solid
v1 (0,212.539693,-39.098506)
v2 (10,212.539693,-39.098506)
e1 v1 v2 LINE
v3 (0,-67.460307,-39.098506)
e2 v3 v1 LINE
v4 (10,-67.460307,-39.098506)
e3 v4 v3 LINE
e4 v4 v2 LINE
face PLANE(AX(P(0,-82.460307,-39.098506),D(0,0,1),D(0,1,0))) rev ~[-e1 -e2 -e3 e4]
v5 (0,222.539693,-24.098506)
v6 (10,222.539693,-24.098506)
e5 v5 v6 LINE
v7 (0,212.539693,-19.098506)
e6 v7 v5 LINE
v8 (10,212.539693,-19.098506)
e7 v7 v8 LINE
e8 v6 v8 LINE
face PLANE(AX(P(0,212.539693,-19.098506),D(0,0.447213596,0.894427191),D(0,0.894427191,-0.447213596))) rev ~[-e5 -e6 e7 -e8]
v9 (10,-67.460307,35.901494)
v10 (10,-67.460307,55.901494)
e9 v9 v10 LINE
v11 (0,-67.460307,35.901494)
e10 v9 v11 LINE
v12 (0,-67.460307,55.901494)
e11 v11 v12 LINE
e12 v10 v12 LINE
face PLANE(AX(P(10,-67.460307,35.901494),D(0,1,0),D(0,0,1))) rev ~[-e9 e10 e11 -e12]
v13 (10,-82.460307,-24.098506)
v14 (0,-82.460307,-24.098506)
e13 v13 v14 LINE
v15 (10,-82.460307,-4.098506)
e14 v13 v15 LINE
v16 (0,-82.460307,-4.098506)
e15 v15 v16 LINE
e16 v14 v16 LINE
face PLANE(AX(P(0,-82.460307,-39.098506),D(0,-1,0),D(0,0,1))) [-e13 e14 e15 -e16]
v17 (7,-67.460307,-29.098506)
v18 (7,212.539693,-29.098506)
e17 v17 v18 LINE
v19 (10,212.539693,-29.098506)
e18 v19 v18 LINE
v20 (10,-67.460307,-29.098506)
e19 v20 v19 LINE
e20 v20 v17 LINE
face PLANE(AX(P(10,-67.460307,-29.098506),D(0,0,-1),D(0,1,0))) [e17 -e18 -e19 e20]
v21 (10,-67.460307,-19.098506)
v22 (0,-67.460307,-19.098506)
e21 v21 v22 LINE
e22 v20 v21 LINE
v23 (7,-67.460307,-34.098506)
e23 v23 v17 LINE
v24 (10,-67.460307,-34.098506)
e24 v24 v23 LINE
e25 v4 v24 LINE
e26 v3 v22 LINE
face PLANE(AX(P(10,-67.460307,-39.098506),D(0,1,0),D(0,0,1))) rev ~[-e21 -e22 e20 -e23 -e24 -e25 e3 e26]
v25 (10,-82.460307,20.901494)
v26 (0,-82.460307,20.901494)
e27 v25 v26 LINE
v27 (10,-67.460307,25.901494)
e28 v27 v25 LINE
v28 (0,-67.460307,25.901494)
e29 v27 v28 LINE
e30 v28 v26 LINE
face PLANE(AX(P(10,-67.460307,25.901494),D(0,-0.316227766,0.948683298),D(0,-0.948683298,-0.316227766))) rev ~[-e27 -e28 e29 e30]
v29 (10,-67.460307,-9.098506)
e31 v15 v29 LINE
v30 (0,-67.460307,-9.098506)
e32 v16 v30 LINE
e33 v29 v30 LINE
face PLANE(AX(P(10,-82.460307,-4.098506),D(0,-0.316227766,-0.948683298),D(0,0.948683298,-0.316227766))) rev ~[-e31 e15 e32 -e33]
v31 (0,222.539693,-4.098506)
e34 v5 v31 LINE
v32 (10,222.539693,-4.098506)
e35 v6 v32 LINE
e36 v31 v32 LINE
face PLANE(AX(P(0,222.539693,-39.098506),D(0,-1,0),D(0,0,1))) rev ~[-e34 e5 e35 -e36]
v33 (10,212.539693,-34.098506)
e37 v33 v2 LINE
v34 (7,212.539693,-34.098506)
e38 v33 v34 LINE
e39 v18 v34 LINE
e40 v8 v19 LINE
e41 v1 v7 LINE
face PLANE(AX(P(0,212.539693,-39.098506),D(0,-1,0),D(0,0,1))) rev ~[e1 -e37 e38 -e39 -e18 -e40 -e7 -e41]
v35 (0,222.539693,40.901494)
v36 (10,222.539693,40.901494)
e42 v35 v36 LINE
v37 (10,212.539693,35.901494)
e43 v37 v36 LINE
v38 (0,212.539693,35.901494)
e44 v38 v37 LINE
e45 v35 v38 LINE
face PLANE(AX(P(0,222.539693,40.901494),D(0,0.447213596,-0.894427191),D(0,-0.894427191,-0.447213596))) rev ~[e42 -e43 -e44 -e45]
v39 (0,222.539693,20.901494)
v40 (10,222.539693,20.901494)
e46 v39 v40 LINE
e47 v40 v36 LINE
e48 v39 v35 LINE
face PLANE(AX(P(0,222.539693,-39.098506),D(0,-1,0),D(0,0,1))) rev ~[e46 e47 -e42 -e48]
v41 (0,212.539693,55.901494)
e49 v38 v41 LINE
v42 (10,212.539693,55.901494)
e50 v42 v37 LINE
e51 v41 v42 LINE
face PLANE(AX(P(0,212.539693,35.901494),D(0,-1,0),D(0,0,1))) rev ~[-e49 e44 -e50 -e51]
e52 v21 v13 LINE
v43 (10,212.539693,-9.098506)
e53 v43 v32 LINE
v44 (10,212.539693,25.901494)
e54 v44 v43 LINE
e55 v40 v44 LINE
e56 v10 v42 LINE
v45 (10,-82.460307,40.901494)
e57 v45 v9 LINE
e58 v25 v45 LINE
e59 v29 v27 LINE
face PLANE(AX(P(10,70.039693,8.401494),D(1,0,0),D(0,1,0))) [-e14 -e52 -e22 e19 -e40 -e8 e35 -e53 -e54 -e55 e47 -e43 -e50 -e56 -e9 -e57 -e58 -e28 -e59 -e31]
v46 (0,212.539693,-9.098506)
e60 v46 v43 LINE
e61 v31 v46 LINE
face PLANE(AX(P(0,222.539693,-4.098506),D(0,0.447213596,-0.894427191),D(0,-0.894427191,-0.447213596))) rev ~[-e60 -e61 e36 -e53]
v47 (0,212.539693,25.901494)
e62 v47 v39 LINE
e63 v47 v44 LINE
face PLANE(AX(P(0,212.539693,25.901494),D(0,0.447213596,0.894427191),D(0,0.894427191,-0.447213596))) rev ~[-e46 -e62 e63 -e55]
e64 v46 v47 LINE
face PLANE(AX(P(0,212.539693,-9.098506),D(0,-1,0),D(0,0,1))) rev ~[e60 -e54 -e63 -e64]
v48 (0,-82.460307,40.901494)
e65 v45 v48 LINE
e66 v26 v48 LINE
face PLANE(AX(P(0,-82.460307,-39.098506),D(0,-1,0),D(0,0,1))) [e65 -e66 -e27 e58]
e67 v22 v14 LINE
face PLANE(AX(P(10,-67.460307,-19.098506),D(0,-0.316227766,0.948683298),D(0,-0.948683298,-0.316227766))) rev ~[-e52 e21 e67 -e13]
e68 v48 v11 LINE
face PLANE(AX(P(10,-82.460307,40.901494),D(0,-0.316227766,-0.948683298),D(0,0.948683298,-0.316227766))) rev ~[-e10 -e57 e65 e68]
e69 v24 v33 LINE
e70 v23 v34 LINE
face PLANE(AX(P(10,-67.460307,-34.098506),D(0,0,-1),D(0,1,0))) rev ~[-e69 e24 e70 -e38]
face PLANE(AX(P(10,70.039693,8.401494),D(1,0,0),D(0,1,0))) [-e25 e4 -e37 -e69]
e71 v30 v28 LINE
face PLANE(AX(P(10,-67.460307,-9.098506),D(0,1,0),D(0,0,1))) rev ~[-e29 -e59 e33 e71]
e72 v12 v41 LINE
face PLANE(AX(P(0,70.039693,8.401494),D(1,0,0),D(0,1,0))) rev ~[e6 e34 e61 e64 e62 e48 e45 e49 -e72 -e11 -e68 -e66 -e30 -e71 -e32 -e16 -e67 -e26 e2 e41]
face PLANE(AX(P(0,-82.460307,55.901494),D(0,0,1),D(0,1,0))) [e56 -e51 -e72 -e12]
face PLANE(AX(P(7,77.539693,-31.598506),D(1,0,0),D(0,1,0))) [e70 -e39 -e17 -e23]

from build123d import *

# Parameters (mm, degrees)
F0_W     = 305
F0_H     = 95
F1_DEPTH = 10
F3_DEPTH = 25
F4_W     = 290
F4_H     = 5
F5_DEPTH = 3
F7_DEPTH = 25


with BuildPart() as f1:
    # F0 (on Right) → F1 (new body)
    with BuildSketch(Plane.YZ):
        with Locations((70.039693, 8.401494)):
            Rectangle(F0_W, F0_H)
    extrude(amount=F1_DEPTH)

    # F2 (on face) → F3 (cut)
    with BuildSketch(Plane.YZ.offset(10)):
        Polygon((-82.460307, 55.901494), (-82.460307, 40.901494), (-67.460307, 35.901494), (-67.460307, 55.901494), align=None)
        Polygon((-67.460307, 25.901494), (-82.460307, 20.901494), (-82.460307, -4.098506), (-67.460307, -9.098506), align=None)
        Polygon((-67.460307, -19.098506), (-82.460307, -24.098506), (-82.460307, -39.098506), (-67.460307, -39.098506), align=None)
    extrude(amount=-F3_DEPTH, mode=Mode.SUBTRACT)

    # F4 (on face) → F5 (cut)
    with BuildSketch(Plane.YZ.offset(10)):
        with Locations((77.539693, -31.598506)):
            Rectangle(F4_W, F4_H)
    extrude(amount=-F5_DEPTH, mode=Mode.SUBTRACT)

    # F6 (on face) → F7 (cut)
    with BuildSketch(Plane(origin=(0, 0, 0), x_dir=(0, -1, 0), z_dir=(-1, 0, 0))):
        Polygon((-212.539693, 25.901494), (-222.539693, 20.901494), (-222.539693, -4.098506), (-212.539693, -9.098506), align=None)
        Polygon((-212.539693, -19.098506), (-222.539693, -24.098506), (-222.539693, -39.098506), (-212.539693, -39.098506), align=None)
        Polygon((-212.539693, 55.901494), (-222.539693, 55.901494), (-222.539693, 40.901494), (-212.539693, 35.901494), align=None)
    extrude(amount=-F7_DEPTH, mode=Mode.SUBTRACT)


solid = f1.part
